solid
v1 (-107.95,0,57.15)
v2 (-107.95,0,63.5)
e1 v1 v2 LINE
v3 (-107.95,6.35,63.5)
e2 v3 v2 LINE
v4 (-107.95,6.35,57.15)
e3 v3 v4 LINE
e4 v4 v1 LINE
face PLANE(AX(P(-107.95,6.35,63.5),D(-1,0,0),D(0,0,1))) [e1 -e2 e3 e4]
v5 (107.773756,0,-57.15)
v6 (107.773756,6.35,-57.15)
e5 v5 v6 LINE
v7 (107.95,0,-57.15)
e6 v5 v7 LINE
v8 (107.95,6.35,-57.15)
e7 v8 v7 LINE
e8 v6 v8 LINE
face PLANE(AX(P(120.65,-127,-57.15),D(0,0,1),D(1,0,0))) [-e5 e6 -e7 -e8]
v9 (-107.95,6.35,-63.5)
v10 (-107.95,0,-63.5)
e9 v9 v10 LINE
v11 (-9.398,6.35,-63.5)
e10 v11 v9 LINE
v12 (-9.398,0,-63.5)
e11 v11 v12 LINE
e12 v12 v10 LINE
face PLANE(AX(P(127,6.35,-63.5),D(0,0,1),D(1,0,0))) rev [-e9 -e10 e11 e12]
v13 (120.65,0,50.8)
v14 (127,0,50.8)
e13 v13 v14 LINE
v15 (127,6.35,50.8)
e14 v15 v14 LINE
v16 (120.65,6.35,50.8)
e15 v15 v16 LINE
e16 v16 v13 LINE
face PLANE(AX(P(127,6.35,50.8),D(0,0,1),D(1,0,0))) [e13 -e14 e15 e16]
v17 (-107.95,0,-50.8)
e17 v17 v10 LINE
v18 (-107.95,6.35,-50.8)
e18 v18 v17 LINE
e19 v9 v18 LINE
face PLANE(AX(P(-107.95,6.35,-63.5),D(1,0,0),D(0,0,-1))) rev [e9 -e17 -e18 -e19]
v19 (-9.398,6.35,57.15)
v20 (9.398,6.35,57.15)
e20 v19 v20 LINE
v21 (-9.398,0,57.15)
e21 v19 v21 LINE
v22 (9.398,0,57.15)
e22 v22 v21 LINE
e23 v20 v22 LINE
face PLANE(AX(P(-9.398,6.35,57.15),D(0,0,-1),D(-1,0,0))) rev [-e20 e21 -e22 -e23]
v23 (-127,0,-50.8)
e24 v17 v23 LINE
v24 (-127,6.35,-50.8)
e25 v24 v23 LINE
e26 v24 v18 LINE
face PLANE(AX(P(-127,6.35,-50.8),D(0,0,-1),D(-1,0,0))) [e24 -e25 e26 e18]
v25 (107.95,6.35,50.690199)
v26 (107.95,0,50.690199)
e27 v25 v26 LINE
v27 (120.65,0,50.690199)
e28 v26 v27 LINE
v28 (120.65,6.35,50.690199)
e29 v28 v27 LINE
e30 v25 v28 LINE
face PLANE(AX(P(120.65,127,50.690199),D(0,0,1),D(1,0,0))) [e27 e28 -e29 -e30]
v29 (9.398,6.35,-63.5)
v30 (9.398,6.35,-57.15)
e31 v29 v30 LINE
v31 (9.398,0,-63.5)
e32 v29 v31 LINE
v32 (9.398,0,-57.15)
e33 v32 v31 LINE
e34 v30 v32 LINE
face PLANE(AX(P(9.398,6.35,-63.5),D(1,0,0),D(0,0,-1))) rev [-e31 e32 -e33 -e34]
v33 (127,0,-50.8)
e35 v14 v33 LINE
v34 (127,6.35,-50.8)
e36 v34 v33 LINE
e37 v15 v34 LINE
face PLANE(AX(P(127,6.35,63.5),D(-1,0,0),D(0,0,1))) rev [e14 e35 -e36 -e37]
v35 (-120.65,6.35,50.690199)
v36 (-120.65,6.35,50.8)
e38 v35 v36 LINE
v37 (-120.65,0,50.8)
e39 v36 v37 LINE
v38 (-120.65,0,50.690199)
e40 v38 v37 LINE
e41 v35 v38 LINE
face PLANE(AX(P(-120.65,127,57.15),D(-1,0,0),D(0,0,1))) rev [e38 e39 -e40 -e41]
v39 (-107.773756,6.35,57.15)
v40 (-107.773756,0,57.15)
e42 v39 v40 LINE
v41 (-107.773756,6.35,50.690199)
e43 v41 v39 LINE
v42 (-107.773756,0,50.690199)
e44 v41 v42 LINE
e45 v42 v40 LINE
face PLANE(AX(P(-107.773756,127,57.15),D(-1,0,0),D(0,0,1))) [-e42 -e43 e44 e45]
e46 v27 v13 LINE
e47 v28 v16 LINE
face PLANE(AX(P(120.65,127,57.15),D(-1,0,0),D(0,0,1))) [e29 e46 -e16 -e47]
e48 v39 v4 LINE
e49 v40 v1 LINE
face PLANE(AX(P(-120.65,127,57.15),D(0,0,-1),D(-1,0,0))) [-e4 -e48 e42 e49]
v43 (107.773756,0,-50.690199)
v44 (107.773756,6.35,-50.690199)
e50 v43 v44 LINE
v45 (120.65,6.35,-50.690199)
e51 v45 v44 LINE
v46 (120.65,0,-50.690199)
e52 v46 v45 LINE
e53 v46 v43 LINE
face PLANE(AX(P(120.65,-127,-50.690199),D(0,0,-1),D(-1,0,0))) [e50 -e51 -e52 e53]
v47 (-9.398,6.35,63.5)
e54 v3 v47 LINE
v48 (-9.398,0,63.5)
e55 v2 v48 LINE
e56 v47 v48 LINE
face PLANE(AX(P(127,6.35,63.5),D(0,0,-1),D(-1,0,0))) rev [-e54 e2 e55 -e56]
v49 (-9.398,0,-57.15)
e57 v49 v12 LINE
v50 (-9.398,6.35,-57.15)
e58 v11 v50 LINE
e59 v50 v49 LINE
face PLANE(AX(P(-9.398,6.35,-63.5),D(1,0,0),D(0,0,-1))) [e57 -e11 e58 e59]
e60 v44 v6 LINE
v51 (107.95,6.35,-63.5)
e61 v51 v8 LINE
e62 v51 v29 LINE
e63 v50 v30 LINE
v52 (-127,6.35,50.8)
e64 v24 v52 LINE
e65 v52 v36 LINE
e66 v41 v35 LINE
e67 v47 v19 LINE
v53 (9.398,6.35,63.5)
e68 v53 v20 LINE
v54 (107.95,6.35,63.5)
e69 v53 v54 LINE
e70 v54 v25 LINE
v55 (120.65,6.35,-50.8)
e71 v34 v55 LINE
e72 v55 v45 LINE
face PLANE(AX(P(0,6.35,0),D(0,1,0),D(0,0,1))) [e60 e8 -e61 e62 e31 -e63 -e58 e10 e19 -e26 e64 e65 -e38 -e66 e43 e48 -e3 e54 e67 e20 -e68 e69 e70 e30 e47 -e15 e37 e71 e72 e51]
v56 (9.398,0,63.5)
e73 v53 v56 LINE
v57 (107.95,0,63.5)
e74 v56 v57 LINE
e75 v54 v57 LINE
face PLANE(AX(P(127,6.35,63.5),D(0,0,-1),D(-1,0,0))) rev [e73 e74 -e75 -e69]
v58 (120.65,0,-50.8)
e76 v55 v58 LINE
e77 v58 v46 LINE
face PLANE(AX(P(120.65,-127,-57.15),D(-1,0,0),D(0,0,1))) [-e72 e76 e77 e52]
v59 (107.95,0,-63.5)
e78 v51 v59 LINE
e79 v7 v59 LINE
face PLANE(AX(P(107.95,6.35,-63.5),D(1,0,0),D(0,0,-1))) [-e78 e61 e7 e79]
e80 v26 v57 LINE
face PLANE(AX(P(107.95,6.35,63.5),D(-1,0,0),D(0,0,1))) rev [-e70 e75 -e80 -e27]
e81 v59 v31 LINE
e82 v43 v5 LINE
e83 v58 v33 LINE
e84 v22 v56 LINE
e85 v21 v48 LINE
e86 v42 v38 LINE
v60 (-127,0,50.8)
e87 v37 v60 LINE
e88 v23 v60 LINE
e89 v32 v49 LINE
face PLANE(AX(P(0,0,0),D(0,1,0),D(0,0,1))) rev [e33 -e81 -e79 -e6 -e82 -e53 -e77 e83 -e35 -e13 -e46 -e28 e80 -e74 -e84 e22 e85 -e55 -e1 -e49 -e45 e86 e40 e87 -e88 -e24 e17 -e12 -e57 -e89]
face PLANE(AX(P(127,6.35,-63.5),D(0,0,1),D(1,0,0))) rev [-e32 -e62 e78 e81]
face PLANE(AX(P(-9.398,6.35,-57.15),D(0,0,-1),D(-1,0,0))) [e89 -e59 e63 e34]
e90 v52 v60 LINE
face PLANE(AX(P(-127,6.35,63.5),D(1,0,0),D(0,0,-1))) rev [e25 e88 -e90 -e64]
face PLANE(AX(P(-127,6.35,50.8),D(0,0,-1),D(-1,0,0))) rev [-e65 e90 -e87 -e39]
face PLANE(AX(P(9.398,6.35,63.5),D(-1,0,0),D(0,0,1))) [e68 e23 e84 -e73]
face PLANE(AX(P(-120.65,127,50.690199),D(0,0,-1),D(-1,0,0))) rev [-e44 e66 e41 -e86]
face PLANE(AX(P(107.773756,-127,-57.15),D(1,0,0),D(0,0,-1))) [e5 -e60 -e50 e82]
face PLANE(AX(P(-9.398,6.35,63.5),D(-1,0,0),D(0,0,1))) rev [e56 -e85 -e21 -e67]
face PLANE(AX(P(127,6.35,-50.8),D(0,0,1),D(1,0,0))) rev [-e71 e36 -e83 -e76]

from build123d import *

# Parameters (mm, degrees)
SKETCH1_W               = 254
SKETCH1_H               = 127
BOSS_EXTRUDE1_DEPTH     = 6.35
SKETCH2_W               = 18.796
SKETCH2_H               = 6.35
CUT_EXTRUDE1_DEPTH      = 7.35
CUT_EXTRUDE1_DEPTH_BACK = 6.35
SKETCH3_W               = 12.876244412
SKETCH3_H               = 6.459801397
SKETCH3_W_2             = 12.7
SKETCH3_H_2             = 6.35
CUT_EXTRUDE3_DEPTH      = 127
CUT_EXTRUDE3_DEPTH_BACK = 127
SKETCH4_W               = 12.876244412
SKETCH4_H               = 6.459801397
CUT_EXTRUDE4_DEPTH      = 127
CUT_EXTRUDE4_DEPTH_BACK = 127


with BuildPart() as part:
    # Sketch1 → Boss-Extrude1 (new body)
    with BuildSketch(Plane(origin=(0, 0, 0), x_dir=(1, 0, 0), z_dir=(0, 1, 0))):
        Rectangle(SKETCH1_W, SKETCH1_H)
    extrude(amount=BOSS_EXTRUDE1_DEPTH)

    # Sketch2 → Cut-Extrude1 (cut, two sides)
    with BuildSketch(Plane(origin=(0, 0, 0), x_dir=(1, 0, 0), z_dir=(0, 1, 0))) as cut_extrude1_sk:
        Polygon((-107.95, -63.5), (-107.95, -57.15), (-120.65, -57.15), (-120.65, -50.8), (-127, -50.8), (-127, -63.5), align=None)
        with Locations((0, -60.325)):
            Rectangle(SKETCH2_W, SKETCH2_H)
        Polygon((-127, 50.8), (-120.65, 50.8), (-120.65, 57.15), (-107.95, 57.15), (-107.95, 63.5), (-127, 63.5), align=None)
        with Locations((0, 60.325)):
            Rectangle(SKETCH2_W, SKETCH2_H)
        Polygon((107.95, -63.5), (107.95, -57.15), (120.65, -57.15), (120.65, -50.8), (127, -50.8), (127, -63.5), align=None)
        Polygon((127, 50.8), (120.65, 50.8), (120.65, 57.15), (107.95, 57.15), (107.95, 63.5), (127, 63.5), align=None)
    extrude(amount=CUT_EXTRUDE1_DEPTH, mode=Mode.SUBTRACT)
    extrude(cut_extrude1_sk.sketch, amount=-CUT_EXTRUDE1_DEPTH_BACK, mode=Mode.SUBTRACT)

    # Sketch3 → Cut-Extrude3 (cut, two sides)
    with BuildSketch(Plane(origin=(0, 0, 0), x_dir=(1, 0, 0), z_dir=(0, 1, 0))) as cut_extrude3_sk:
        with Locations((-114.211877794, -53.920099302)):
            Rectangle(SKETCH3_W, SKETCH3_H)
        with Locations((-114.3, 53.975)):
            Rectangle(SKETCH3_W_2, SKETCH3_H_2)
        with Locations((114.3, -53.920099302)):
            Rectangle(SKETCH3_W_2, SKETCH3_H)
    extrude(amount=CUT_EXTRUDE3_DEPTH, mode=Mode.SUBTRACT)
    extrude(cut_extrude3_sk.sketch, amount=-CUT_EXTRUDE3_DEPTH_BACK, mode=Mode.SUBTRACT)

    # Sketch4 → Cut-Extrude4 (cut, two sides)
    with BuildSketch(Plane(origin=(0, 0, 0), x_dir=(-1, 0, 0), z_dir=(0, -1, 0))) as cut_extrude4_sk:
        with Locations((-114.211877794, 53.920099302)):
            Rectangle(SKETCH4_W, SKETCH4_H)
    extrude(amount=CUT_EXTRUDE4_DEPTH, mode=Mode.SUBTRACT)
    extrude(cut_extrude4_sk.sketch, amount=-CUT_EXTRUDE4_DEPTH_BACK, mode=Mode.SUBTRACT)


solid = part.part
